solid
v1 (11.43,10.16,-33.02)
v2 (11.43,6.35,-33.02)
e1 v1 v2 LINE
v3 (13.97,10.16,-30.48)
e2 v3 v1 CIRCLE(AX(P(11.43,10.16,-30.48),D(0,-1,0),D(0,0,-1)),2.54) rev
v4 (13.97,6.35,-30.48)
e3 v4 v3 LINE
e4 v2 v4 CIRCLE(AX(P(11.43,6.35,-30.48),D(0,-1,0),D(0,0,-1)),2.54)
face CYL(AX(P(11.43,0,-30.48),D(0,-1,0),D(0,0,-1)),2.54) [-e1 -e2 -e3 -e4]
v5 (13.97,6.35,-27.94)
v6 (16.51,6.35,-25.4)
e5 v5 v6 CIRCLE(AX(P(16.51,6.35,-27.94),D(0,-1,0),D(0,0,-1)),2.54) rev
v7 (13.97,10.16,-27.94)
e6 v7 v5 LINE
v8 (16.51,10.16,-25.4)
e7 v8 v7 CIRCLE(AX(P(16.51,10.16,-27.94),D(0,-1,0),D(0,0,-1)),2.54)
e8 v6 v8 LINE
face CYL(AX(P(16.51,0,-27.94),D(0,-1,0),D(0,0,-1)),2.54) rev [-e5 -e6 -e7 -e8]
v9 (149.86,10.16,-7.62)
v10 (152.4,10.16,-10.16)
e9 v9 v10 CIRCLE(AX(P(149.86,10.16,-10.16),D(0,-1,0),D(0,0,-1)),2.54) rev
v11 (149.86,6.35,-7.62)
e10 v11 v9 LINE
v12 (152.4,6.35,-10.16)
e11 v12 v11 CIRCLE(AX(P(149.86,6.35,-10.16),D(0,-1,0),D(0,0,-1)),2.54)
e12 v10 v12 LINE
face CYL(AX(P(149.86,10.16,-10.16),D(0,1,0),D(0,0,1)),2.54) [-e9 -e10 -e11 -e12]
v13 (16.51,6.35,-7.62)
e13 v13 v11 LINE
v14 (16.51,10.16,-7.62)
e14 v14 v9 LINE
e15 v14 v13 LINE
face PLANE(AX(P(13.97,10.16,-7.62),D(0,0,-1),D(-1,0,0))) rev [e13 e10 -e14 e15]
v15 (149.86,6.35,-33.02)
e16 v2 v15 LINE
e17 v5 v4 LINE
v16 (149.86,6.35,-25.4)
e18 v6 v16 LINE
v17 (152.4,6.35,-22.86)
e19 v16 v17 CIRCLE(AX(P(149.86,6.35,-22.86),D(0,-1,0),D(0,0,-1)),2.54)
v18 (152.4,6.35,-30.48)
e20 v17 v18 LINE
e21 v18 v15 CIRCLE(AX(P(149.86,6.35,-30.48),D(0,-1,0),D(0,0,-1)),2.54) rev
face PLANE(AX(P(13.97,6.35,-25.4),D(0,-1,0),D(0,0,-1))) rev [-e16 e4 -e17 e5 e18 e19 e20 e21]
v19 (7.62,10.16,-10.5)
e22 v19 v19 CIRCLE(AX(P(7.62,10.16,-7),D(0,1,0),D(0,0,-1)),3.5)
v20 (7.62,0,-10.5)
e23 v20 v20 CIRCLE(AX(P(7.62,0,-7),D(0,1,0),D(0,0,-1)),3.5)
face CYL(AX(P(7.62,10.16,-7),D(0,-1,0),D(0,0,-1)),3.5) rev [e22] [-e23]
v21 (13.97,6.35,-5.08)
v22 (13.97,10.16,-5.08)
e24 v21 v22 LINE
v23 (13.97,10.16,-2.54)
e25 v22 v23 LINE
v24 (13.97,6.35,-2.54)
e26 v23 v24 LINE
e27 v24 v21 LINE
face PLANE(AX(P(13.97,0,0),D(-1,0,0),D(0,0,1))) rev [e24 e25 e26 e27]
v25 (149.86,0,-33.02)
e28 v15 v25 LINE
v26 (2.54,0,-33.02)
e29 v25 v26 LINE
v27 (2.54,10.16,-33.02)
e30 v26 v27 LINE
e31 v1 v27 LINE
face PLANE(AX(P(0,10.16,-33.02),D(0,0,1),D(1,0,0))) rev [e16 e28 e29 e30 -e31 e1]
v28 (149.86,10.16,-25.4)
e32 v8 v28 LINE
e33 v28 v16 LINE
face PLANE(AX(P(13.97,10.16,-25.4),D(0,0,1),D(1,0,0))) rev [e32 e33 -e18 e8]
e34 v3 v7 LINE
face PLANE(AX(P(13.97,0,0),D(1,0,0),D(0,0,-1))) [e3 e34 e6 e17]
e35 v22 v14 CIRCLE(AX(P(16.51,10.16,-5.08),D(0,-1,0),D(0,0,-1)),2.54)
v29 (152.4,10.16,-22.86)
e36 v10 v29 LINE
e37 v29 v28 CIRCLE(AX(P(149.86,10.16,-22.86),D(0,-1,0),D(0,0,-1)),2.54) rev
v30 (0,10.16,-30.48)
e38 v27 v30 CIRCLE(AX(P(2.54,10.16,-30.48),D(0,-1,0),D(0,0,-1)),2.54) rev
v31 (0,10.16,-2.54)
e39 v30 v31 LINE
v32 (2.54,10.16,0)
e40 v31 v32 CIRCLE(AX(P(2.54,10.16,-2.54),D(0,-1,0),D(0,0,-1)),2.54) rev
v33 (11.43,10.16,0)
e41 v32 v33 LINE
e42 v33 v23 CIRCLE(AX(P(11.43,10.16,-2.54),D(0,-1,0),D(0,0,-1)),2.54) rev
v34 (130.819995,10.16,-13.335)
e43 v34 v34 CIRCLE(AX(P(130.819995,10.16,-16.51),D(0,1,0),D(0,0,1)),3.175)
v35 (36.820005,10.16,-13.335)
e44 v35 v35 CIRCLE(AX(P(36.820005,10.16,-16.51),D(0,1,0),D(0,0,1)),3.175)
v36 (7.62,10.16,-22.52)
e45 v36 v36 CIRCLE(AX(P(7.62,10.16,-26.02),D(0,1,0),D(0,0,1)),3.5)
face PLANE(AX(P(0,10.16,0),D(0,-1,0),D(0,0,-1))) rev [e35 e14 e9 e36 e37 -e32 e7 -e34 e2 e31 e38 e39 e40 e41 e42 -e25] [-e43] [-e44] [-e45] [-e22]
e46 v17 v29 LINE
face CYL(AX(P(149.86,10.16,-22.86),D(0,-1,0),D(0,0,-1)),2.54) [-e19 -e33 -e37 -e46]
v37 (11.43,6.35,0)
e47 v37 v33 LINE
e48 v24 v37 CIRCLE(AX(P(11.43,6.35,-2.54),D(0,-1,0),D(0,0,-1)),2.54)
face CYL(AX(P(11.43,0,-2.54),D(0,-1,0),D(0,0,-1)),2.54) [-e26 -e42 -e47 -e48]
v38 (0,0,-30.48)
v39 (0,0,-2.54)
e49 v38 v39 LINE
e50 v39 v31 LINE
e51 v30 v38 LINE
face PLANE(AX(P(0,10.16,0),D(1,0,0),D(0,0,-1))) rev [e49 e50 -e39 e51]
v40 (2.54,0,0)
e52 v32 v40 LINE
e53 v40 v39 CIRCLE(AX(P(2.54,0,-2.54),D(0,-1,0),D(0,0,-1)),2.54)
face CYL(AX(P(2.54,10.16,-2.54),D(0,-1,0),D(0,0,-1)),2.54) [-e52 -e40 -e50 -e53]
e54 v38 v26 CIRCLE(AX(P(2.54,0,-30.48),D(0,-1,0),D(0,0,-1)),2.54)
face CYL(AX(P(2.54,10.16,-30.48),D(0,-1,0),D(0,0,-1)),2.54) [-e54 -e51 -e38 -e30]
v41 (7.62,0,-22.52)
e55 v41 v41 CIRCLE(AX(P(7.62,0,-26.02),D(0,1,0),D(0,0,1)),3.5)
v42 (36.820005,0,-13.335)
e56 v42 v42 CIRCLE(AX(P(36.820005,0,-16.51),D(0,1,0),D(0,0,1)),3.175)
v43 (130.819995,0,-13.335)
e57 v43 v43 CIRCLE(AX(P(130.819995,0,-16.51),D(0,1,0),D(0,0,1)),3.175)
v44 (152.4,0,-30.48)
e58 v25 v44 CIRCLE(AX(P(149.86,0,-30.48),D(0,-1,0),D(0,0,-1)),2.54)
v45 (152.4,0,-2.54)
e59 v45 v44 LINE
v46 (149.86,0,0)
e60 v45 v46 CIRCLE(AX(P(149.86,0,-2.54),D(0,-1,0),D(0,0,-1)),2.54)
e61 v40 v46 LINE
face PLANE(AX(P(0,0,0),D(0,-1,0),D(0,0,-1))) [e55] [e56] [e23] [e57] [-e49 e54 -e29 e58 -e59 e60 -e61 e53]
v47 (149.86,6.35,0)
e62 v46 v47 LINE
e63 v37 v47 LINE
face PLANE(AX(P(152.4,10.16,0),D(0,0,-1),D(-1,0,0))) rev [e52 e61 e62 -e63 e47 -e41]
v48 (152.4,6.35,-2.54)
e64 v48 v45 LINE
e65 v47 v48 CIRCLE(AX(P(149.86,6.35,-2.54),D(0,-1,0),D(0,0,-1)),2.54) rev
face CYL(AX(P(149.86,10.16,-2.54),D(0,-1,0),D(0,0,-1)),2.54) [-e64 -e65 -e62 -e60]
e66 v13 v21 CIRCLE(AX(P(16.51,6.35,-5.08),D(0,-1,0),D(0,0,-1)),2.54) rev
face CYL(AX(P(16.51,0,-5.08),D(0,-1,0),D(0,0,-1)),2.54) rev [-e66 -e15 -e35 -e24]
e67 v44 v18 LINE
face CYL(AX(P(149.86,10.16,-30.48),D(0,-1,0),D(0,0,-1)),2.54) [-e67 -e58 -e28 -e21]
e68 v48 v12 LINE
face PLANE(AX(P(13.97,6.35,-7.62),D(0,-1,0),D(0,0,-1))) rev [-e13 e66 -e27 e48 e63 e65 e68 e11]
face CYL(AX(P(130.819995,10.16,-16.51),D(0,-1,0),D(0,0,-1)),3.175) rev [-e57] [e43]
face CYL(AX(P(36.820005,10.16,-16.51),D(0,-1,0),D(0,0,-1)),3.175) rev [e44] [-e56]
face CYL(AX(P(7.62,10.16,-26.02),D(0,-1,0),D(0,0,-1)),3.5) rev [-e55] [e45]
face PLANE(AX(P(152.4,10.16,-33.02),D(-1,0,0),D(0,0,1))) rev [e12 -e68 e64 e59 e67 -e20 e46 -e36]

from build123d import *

# Parameters (mm, degrees)
SKETCH1_W           = 152.4
SKETCH1_H           = 33.02
SKETCH1_R           = 3.5
SKETCH1_R_2         = 3.175
BOSS_EXTRUDE1_DEPTH = 10.16
SKETCH3_W           = 7.62
SKETCH3_H           = 3.81
CUT_EXTRUDE1_DEPTH  = 138.43
FILLET1_R           = 2.54


with BuildPart() as part:
    # Sketch1 → Boss-Extrude1 (new body)
    with BuildSketch(Plane(origin=(0, 0, 0), x_dir=(1, 0, 0), z_dir=(0, 1, 0))):
        with Locations((76.2, 16.51)):
            Rectangle(SKETCH1_W, SKETCH1_H)
        with Locations(Location((7.62, 26.02, 0), (0, 0, 270))):
            Circle(SKETCH1_R, mode=Mode.SUBTRACT)
        with Locations(Location((7.62, 7, 0), (0, 0, 90))):
            Circle(SKETCH1_R, mode=Mode.SUBTRACT)
        with Locations(Location((130.8199949, 16.51, 0), (0, 0, 270))):
            Circle(SKETCH1_R_2, mode=Mode.SUBTRACT)
        with Locations(Location((36.8200051, 16.51, 0), (0, 0, 270))):
            Circle(SKETCH1_R_2, mode=Mode.SUBTRACT)
    extrude(amount=BOSS_EXTRUDE1_DEPTH)

    # Sketch3 → Cut-Extrude1 (cut)
    with BuildSketch(Plane(origin=(152.4, 0, 0), x_dir=(0, 0, -1), z_dir=(1, 0, 0))):
        with Locations((3.81, 8.255)):
            Rectangle(SKETCH3_W, SKETCH3_H)
        with Locations((29.21, 8.255)):
            Rectangle(SKETCH3_W, SKETCH3_H)
    extrude(amount=-CUT_EXTRUDE1_DEPTH, mode=Mode.SUBTRACT)

    # Fillet1
    fillet1_edges = [part.edges().sort_by_distance(p)[0] for p in [
        (152.4, 3.175, -33.02),
        (152.4, 3.175, 0),
        (13.97, 8.255, 0),
        (13.97, 8.255, -7.62),
        (152.4, 8.255, -7.62),
        (13.97, 8.255, -33.02),
        (13.97, 8.255, -25.4),
        (152.4, 8.255, -25.4),
        (0, 5.08, 0),
        (0, 5.08, -33.02),
    ]]
    fillet(fillet1_edges, radius=FILLET1_R)


solid = part.part
